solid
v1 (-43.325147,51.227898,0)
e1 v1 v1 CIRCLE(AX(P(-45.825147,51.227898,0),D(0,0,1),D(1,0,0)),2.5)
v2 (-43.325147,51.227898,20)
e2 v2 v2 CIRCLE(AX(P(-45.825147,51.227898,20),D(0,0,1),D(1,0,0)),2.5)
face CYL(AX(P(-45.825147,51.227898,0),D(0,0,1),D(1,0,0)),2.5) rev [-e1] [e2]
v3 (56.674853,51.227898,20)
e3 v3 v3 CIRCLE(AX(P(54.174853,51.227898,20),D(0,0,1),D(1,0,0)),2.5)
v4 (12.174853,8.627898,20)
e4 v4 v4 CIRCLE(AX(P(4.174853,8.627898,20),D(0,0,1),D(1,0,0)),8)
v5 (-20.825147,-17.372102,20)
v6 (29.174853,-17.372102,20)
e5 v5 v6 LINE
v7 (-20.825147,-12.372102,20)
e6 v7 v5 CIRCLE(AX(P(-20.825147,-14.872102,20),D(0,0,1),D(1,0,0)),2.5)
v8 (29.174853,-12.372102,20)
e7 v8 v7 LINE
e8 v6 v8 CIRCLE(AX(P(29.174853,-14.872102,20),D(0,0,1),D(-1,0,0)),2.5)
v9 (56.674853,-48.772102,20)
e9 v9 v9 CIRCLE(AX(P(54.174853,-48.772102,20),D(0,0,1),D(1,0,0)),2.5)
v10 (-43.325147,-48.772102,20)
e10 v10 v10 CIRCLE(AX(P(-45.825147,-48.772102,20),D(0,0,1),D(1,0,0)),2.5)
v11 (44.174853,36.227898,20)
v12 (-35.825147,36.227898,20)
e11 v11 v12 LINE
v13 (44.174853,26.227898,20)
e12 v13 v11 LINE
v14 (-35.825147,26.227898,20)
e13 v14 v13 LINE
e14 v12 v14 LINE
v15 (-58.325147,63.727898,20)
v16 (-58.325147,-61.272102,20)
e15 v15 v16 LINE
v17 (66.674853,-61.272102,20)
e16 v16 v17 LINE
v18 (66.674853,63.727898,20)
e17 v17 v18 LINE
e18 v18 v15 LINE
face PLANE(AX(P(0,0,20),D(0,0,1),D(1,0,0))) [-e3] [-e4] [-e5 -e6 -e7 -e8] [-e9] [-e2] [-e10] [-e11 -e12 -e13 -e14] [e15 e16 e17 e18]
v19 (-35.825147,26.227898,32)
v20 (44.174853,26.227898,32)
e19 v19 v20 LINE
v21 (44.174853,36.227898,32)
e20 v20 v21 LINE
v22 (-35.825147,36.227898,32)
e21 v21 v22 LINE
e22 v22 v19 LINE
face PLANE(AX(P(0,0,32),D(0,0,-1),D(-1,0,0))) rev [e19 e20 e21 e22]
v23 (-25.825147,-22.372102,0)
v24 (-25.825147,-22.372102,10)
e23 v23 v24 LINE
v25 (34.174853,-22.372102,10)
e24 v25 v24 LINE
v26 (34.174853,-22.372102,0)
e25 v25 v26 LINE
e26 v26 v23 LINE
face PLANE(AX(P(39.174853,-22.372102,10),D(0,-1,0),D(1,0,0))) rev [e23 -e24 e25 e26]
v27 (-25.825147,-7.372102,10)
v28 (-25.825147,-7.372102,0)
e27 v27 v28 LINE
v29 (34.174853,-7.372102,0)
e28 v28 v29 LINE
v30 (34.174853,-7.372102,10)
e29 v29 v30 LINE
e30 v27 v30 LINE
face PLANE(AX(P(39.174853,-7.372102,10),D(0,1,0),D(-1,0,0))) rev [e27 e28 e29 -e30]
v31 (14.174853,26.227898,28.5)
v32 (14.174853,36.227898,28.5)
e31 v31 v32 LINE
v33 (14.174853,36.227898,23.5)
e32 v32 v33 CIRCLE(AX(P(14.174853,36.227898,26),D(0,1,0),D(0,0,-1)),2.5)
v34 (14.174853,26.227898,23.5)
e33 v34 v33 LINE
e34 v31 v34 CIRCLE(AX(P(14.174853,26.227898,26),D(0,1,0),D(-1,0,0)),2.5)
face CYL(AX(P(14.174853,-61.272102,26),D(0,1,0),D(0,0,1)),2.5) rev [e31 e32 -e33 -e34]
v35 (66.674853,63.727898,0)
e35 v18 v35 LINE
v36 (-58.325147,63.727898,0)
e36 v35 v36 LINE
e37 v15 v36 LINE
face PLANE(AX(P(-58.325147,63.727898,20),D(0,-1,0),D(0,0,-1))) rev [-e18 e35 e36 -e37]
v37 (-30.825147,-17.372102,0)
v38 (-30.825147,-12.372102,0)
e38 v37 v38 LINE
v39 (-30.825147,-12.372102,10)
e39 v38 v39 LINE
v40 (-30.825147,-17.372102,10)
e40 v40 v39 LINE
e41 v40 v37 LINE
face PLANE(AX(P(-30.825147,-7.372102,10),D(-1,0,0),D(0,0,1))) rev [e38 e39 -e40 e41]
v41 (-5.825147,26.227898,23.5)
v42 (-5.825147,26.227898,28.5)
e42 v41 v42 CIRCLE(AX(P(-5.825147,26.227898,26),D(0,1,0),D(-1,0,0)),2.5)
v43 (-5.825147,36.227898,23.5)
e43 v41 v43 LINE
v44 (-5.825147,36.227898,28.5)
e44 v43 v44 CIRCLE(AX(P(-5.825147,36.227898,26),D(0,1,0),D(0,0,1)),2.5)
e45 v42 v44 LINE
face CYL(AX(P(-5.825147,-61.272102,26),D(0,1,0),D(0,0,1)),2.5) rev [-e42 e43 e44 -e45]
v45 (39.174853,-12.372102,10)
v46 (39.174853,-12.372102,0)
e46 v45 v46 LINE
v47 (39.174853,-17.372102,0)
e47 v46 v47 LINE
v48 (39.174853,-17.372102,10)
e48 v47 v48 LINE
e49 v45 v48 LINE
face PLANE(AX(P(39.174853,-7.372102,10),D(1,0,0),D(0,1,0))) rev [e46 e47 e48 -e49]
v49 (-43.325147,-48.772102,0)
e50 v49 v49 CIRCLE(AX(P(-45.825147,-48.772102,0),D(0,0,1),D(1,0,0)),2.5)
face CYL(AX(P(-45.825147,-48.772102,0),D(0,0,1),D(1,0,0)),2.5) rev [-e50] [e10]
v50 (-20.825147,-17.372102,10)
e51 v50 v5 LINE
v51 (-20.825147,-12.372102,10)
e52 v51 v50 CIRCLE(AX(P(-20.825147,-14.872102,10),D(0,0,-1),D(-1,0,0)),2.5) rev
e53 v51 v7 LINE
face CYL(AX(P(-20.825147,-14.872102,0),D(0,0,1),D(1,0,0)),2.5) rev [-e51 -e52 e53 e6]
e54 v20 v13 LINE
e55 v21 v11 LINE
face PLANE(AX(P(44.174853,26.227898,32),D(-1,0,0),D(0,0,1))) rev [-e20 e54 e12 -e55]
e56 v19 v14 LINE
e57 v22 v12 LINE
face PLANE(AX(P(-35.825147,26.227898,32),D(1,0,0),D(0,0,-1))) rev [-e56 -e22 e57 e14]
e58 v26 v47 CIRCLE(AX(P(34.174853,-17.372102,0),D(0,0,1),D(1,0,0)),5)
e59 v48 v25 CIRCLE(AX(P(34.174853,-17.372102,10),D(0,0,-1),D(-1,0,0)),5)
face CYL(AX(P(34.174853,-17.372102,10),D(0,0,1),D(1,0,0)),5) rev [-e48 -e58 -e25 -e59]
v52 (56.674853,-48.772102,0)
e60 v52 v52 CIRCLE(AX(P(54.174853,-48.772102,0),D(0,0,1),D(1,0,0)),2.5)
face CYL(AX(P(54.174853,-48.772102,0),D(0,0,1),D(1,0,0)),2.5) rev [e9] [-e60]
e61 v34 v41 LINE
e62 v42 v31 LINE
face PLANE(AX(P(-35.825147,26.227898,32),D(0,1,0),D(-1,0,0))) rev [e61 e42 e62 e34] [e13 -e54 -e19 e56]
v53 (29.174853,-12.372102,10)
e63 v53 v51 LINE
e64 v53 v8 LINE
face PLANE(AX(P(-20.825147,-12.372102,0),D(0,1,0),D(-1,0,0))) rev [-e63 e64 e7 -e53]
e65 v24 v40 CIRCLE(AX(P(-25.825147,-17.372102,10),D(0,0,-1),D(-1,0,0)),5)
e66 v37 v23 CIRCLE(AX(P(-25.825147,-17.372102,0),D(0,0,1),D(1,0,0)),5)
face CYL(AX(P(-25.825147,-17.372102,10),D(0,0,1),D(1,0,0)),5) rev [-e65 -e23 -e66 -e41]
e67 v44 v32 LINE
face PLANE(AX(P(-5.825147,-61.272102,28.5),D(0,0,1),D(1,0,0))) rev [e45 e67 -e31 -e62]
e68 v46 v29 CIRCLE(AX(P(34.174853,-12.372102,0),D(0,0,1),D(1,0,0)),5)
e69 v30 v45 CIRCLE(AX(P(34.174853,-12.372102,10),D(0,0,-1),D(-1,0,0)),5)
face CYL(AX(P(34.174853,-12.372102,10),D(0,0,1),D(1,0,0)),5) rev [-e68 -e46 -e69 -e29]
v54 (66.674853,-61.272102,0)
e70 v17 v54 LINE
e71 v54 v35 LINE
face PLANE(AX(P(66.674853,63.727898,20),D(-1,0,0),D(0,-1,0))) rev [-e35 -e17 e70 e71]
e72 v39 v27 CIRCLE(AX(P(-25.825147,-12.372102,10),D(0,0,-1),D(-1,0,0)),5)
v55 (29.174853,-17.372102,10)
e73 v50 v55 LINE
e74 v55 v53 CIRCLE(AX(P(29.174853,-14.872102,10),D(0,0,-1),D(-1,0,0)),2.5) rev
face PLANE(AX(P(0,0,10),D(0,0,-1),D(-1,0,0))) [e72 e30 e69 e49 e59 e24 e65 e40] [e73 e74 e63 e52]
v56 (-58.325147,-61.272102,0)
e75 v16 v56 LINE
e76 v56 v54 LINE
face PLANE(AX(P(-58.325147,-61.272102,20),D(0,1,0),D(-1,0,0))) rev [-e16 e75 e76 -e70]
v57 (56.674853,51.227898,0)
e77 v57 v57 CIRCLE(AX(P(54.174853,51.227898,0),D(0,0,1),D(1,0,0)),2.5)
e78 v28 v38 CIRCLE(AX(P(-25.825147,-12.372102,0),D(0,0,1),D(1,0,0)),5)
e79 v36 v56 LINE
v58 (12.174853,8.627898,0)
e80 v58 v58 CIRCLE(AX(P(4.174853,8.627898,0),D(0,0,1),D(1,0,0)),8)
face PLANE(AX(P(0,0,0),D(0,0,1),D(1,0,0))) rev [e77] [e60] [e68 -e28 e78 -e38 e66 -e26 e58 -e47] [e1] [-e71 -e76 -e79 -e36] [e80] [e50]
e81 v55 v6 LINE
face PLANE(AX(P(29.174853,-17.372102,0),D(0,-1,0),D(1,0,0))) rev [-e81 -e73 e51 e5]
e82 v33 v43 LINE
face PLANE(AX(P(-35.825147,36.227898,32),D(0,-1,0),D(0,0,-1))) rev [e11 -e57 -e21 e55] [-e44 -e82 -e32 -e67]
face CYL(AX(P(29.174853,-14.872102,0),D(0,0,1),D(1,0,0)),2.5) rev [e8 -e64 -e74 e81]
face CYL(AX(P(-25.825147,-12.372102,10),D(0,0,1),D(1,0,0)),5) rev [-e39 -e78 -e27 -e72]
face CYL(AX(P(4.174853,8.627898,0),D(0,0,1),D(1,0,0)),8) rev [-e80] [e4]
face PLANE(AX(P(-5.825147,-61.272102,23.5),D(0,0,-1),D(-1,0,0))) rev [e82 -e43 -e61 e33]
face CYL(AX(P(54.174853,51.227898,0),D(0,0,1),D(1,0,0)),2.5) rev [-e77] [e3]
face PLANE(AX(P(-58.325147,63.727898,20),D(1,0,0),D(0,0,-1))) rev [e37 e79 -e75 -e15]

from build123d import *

# Parameters (mm, degrees)
SKETCH1_W           = 125
SKETCH1_H           = 125
BOSS_EXTRUDE1_DEPTH = 20
SKETCH2_R           = 2.5
CUT_EXTRUDE1_DEPTH  = 95.375743383
SKETCH3_R           = 8
CUT_EXTRUDE2_DEPTH  = 95.375743383
SKETCH4_W           = 70
SKETCH4_H           = 15
CUT_EXTRUDE3_DEPTH  = 10
FILLET1_R           = 5
SKETCH6_W           = 80
SKETCH6_H           = 10
BOSS_EXTRUDE2_DEPTH = 12
CUT_EXTRUDE4_DEPTH  = 123.375593875


with BuildPart() as part:
    # Sketch1 → Boss-Extrude1 (new body)
    with BuildSketch(Plane.XY):
        with Locations((4.174852652, 1.227897839)):
            Rectangle(SKETCH1_W, SKETCH1_H)
    extrude(amount=BOSS_EXTRUDE1_DEPTH)

    # Sketch2 → Cut-Extrude1 (cut, through all)
    with BuildSketch(Plane.XY.offset(20)):
        with Locations((-45.825147348, 51.227897839)):
            Circle(SKETCH2_R)
        with Locations((54.174852652, 51.227897839)):
            Circle(SKETCH2_R)
        with Locations((54.174852652, -48.772102161)):
            Circle(SKETCH2_R)
        with Locations((-45.825147348, -48.772102161)):
            Circle(SKETCH2_R)
    extrude(amount=-CUT_EXTRUDE1_DEPTH, mode=Mode.SUBTRACT)

    # Sketch3 → Cut-Extrude2 (cut, through all)
    with BuildSketch(Plane.XY.offset(20)):
        with Locations((4.174852652, 8.627897839)):
            Circle(SKETCH3_R)
        with BuildLine():
            Line((-20.825147348, -12.372102161), (29.174852652, -12.372102161))
            ThreePointArc((29.174852652, -12.372102161), (31.674852652, -14.872102161), (29.174852652, -17.372102161))
            Line((29.174852652, -17.372102161), (-20.825147348, -17.372102161))
            ThreePointArc((-20.825147348, -17.372102161), (-23.325147348, -14.872102161), (-20.825147348, -12.372102161))
        make_face()
    extrude(amount=-CUT_EXTRUDE2_DEPTH, mode=Mode.SUBTRACT)

    # Sketch4 → Cut-Extrude3 (cut)
    with BuildSketch(Plane(origin=(0, 0, 0), x_dir=(-1, 0, 0), z_dir=(0, 0, -1))):
        with Locations((-4.174852652, -14.872102161)):
            Rectangle(SKETCH4_W, SKETCH4_H)
    extrude(amount=-CUT_EXTRUDE3_DEPTH, mode=Mode.SUBTRACT)

    # Fillet1
    fillet1_edges = [part.edges().sort_by_distance(p)[0] for p in [
        (39.174852652, -22.372102161, 5),
        (39.174852652, -7.372102161, 5),
        (-30.825147348, -7.372102161, 5),
        (-30.825147348, -22.372102161, 5),
    ]]
    fillet(fillet1_edges, radius=FILLET1_R)

    # Sketch6 → Boss-Extrude2 (add)
    with BuildSketch(Plane.XY.offset(20)):
        with Locations((4.174852652, 31.227897839)):
            Rectangle(SKETCH6_W, SKETCH6_H)
    extrude(amount=BOSS_EXTRUDE2_DEPTH)

    # Sketch7 → Cut-Extrude4 (cut, through all)
    with BuildSketch(Plane(origin=(0, 36.227897839, 0), x_dir=(1, 0, 0), z_dir=(0, 1, 0))):
        with BuildLine():
            Line((-5.825147348, -28.5), (14.174852652, -28.5))
            ThreePointArc((14.174852652, -28.5), (16.674852652, -26), (14.174852652, -23.5))
            Line((14.174852652, -23.5), (-5.825147348, -23.5))
            ThreePointArc((-5.825147348, -23.5), (-8.325147348, -26), (-5.825147348, -28.5))
        make_face()
    extrude(amount=-CUT_EXTRUDE4_DEPTH, mode=Mode.SUBTRACT)


solid = part.part
